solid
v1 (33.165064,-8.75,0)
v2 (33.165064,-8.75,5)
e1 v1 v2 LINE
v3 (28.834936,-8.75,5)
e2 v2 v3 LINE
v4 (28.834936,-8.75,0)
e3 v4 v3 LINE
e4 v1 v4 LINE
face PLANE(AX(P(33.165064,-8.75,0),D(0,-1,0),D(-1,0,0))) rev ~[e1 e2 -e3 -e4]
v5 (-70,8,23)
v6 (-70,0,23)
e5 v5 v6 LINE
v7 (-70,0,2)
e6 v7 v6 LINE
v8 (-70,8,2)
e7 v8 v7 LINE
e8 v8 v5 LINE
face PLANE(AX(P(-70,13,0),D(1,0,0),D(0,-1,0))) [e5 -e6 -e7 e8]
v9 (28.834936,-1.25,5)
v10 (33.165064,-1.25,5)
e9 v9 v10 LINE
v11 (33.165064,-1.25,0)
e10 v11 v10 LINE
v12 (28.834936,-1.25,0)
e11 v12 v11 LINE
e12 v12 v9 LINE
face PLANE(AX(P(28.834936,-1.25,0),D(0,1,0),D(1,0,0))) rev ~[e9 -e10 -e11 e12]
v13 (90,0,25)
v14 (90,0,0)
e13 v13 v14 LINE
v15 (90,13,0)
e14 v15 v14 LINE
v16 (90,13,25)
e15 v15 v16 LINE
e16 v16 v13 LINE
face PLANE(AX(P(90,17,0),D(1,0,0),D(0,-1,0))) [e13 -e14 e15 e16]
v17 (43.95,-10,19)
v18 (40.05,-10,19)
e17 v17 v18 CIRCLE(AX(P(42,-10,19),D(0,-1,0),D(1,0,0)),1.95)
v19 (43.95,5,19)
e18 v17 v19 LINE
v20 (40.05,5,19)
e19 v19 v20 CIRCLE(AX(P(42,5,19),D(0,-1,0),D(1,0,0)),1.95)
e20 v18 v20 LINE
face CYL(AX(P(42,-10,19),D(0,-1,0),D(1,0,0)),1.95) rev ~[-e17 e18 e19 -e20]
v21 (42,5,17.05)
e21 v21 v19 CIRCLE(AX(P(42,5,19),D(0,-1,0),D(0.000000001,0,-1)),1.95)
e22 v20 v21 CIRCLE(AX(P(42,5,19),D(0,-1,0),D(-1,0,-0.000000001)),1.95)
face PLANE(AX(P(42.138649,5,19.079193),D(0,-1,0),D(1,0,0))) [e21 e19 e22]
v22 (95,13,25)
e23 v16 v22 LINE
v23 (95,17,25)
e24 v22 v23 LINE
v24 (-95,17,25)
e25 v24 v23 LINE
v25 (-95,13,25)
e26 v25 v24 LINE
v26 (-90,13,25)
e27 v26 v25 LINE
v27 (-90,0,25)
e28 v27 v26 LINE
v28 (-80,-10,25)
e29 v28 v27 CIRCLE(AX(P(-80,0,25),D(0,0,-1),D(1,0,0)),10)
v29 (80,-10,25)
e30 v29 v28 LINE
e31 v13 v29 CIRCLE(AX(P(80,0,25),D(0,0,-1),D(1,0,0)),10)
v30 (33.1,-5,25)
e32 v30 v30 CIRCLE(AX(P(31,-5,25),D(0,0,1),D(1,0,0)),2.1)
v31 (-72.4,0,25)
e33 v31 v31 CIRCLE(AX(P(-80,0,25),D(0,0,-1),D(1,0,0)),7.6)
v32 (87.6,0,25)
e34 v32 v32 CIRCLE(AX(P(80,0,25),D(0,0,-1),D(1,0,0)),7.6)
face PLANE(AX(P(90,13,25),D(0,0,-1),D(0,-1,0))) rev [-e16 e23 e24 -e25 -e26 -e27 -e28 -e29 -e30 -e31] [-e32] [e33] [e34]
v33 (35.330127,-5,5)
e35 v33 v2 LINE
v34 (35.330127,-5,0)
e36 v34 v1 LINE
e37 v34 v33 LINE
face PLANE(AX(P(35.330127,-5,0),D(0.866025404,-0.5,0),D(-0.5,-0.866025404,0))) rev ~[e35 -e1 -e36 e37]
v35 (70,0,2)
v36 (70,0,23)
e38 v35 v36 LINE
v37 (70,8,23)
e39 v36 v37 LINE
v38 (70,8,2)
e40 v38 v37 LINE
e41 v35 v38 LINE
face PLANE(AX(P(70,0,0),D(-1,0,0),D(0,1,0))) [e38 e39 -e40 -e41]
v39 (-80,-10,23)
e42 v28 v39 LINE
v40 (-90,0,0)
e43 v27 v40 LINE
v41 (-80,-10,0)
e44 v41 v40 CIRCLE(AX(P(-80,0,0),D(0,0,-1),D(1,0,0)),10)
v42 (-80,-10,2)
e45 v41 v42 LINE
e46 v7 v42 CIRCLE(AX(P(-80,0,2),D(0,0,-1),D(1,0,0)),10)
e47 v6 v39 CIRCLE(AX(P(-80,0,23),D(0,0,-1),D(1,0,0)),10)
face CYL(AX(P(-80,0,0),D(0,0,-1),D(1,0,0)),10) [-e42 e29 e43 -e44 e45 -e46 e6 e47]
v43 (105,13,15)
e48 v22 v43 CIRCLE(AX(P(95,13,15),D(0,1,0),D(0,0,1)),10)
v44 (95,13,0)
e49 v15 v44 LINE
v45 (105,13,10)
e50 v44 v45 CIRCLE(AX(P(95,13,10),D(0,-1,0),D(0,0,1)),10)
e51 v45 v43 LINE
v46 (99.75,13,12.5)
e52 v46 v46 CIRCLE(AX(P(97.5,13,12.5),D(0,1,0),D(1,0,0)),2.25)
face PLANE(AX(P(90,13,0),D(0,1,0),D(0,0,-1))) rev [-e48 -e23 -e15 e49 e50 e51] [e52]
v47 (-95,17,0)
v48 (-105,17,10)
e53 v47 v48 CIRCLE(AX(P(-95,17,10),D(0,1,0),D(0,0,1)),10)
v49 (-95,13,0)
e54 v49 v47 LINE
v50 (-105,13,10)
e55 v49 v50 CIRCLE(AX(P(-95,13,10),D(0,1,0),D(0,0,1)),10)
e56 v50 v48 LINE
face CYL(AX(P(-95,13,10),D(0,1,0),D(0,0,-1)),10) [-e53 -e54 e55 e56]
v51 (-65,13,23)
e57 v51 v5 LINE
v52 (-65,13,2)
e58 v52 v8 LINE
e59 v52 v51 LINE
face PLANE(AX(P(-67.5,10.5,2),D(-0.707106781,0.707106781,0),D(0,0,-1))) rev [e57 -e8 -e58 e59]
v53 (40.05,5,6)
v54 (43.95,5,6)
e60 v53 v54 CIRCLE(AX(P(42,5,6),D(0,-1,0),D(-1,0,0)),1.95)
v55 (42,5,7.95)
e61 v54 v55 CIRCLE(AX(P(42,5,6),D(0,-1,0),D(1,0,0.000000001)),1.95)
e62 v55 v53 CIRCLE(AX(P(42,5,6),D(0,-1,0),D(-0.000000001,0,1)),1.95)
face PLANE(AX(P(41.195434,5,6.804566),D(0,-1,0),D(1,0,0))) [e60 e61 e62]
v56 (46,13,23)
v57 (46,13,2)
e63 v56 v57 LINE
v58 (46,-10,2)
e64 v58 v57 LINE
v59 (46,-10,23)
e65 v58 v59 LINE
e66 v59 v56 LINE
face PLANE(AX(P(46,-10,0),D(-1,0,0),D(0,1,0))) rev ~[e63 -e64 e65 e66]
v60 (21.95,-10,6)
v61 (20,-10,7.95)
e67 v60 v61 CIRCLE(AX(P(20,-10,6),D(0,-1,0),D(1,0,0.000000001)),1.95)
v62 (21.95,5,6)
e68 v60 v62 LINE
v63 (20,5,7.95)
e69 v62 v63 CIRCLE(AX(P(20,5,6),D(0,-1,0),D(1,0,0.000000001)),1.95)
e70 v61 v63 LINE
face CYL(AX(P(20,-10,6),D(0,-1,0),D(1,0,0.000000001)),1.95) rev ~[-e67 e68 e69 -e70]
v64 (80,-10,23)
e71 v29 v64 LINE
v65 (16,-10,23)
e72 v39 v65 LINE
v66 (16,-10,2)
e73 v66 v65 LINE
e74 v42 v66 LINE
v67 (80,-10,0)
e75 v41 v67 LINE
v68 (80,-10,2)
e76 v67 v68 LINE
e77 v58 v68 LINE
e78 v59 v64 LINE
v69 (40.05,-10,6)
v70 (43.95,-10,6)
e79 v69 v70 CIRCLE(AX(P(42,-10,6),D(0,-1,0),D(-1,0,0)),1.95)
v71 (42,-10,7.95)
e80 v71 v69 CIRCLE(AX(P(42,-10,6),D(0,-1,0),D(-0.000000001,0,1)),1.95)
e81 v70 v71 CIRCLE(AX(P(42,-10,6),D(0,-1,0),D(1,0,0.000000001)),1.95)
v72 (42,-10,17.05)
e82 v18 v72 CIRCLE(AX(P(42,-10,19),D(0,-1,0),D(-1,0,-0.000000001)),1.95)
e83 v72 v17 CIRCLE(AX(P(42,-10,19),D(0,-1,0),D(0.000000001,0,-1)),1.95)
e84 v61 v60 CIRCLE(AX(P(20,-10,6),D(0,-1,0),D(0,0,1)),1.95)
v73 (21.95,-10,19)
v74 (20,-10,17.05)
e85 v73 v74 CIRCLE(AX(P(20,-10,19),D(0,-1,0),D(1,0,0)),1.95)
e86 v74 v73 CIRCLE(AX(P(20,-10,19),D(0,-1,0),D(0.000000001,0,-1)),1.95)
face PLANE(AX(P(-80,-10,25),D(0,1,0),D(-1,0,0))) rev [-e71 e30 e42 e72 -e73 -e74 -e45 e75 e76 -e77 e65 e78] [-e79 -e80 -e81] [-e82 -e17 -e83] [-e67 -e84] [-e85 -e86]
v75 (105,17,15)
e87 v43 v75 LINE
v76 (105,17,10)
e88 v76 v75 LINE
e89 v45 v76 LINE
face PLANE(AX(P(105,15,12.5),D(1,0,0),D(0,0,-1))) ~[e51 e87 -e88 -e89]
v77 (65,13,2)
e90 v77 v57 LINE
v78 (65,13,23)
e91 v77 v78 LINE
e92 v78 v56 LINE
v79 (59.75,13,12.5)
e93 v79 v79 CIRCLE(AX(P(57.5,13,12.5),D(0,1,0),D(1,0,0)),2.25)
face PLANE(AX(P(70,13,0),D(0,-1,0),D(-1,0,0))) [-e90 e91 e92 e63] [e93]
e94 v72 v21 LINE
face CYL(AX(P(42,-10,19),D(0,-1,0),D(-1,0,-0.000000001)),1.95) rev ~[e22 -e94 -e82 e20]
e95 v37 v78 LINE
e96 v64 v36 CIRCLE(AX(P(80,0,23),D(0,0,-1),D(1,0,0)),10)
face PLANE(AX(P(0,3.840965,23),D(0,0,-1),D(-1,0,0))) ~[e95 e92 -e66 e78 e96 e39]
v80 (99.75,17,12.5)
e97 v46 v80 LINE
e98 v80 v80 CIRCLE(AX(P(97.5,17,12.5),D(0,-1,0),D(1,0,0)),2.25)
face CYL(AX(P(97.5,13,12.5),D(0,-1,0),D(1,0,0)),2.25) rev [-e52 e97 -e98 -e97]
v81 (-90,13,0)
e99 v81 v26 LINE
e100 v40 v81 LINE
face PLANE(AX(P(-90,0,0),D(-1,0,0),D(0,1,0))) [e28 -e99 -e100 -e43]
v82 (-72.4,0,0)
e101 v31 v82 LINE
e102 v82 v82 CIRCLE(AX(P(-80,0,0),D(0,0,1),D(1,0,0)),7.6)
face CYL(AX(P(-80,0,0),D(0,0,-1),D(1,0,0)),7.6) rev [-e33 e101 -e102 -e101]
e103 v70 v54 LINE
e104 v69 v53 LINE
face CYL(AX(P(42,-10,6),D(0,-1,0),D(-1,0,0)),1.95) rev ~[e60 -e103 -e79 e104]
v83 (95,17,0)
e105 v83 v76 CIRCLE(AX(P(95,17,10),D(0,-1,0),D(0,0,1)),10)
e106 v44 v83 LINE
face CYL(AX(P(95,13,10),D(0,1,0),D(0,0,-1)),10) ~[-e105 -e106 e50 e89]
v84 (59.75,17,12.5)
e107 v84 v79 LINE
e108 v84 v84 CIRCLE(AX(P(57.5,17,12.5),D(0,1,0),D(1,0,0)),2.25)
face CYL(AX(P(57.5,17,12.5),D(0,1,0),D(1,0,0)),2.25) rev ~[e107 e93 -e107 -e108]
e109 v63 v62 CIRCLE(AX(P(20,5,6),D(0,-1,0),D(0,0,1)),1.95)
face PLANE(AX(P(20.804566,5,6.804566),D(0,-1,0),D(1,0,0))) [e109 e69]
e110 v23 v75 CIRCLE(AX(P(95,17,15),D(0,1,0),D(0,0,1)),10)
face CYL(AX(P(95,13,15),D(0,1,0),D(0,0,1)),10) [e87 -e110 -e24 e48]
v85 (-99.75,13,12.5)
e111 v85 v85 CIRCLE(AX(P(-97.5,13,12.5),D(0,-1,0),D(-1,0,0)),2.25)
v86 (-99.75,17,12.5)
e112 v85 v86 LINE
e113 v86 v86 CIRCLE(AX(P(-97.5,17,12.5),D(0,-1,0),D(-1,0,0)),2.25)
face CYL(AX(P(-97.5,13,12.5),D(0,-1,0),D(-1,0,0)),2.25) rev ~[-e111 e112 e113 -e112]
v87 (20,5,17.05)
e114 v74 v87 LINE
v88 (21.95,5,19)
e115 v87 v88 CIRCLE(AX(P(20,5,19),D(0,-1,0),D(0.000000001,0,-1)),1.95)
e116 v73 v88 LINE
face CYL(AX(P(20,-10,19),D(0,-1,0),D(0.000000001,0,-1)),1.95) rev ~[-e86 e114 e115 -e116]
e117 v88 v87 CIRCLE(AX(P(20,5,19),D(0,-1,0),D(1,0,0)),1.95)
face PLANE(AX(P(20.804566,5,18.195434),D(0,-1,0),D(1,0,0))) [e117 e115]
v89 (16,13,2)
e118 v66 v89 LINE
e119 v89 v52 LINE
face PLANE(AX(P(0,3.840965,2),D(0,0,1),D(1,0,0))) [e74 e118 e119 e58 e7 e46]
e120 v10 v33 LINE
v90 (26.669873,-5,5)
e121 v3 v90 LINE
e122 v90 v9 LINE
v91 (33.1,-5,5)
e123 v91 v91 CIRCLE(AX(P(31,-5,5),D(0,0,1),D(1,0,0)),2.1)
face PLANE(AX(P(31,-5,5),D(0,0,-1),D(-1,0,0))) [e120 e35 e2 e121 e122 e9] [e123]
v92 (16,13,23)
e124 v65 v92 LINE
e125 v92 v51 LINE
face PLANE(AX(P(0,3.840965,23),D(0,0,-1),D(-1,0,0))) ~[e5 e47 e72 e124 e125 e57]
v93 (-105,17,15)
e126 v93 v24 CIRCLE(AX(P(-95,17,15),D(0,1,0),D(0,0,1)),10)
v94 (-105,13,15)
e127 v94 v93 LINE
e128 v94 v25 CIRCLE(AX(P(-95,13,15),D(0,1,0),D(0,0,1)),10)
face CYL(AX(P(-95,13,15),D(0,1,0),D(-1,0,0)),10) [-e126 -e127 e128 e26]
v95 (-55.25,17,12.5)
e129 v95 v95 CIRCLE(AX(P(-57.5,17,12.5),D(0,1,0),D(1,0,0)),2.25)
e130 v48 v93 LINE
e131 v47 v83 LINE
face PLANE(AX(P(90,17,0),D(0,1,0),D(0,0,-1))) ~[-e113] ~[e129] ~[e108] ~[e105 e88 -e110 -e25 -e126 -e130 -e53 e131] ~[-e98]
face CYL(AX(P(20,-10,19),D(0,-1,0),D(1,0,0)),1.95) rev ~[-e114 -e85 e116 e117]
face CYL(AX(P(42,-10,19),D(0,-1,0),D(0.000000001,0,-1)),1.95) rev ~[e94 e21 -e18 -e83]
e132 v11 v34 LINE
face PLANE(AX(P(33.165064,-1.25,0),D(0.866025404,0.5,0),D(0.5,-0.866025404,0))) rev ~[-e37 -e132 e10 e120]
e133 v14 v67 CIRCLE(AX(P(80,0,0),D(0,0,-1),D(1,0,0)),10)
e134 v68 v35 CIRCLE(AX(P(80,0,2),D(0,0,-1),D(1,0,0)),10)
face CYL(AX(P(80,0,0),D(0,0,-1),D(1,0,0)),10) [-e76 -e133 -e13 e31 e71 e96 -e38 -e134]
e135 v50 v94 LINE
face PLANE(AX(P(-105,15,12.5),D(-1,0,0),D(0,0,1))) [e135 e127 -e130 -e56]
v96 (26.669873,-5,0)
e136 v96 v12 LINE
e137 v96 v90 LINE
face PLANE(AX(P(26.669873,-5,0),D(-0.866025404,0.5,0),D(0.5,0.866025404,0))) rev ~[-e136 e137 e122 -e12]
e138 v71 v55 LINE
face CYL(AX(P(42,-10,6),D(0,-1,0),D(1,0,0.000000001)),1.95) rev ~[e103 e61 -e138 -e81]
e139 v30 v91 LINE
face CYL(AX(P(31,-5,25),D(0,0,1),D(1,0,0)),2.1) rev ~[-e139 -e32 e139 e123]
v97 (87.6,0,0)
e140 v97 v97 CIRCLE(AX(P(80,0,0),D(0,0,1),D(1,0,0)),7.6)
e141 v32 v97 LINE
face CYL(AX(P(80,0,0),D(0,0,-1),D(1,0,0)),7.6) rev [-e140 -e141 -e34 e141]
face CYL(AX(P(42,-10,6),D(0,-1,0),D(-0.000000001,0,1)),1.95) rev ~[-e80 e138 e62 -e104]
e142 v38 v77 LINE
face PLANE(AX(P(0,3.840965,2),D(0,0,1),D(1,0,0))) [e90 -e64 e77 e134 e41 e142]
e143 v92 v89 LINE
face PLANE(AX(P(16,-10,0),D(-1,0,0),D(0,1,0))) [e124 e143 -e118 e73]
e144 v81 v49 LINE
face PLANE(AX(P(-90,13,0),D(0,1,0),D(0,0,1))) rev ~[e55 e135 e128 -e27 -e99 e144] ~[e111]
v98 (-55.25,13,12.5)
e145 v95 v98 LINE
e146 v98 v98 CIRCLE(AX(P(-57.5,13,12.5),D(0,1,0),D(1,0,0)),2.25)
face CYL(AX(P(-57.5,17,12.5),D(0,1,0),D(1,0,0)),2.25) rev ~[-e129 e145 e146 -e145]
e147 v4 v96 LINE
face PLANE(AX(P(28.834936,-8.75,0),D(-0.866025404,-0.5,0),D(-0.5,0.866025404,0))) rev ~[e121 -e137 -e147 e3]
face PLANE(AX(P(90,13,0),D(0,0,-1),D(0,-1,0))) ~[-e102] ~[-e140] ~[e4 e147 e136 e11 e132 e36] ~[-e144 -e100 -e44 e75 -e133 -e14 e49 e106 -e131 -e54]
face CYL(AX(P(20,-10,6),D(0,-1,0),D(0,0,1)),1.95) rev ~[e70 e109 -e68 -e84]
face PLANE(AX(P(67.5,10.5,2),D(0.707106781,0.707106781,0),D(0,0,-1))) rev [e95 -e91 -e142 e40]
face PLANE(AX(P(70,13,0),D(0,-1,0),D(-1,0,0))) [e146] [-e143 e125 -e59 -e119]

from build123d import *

# Parameters (mm, degrees)
SKETCH1_R            = 7.6
BOSS_EXTRUDE1_DEPTH  = 25
SKETCH2_W            = 30
SKETCH2_H            = 27
BOSS_EXTRUDE2_DEPTH  = 25
SKETCH3_R            = 7.6
BOSS_EXTRUDE3_DEPTH  = 2
CHAMFER1_SIZE        = 5
SKETCH5_W            = 25
SKETCH5_H            = 4
BOSS_EXTRUDE4_DEPTH  = 15
SKETCH6_R            = 2.25
CUT_EXTRUDE2_DEPTH   = 15
FILLET1_R            = 10
FILLET1_OF_MIRROR2_R = 10
SKETCH7_R            = 2.25
CUT_EXTRUDE3_DEPTH   = 15
CUT_EXTRUDE4_DEPTH   = 15
SKETCH9_R            = 2.1
CUT_EXTRUDE5_DEPTH   = 28.468092804
CUT_EXTRUDE6_DEPTH   = 5


with BuildPart() as part:
    # Sketch1 → Boss-Extrude1 (new body)
    with BuildSketch(Plane.XY):
        with BuildLine():
            Line((-90, 0), (-90, 17))
            Line((-90, 17), (90, 17))
            Line((90, 17), (90, 0))
            ThreePointArc((90, 0), (80, -10), (70, 0))
            Line((70, 0), (70, 13))
            Line((70, 13), (-70, 13))
            Line((-70, 13), (-70, 0))
            ThreePointArc((-70, 0), (-80, -10), (-90, 0))
        make_face()
        with Locations((-80, 0)):
            Circle(SKETCH1_R, mode=Mode.SUBTRACT)
        with Locations((80, 0)):
            Circle(SKETCH1_R, mode=Mode.SUBTRACT)
    extrude(amount=BOSS_EXTRUDE1_DEPTH)

    # Sketch2 → Boss-Extrude2 (add)
    with BuildSketch(Plane(origin=(0, 0, 0), x_dir=(-1, 0, 0), z_dir=(0, 0, -1))):
        with Locations((-31, 3.5)):
            Rectangle(SKETCH2_W, SKETCH2_H)
    extrude(amount=-BOSS_EXTRUDE2_DEPTH)

    # Sketch3 → Boss-Extrude3 (add)
    with BuildSketch(Plane(origin=(0, 0, 0), x_dir=(-1, 0, 0), z_dir=(0, 0, -1))):
        with BuildLine():
            Line((80, -10), (-12, -10))
            Line((-12, -10), (-42, -10))
            Line((-42, -10), (-80, -10))
            ThreePointArc((-80, -10), (-87.071067812, -7.071067812), (-90, 0))
            Line((-90, 0), (-90, 17))
            Line((-90, 17), (90, 17))
            Line((90, 17), (90, 0))
            ThreePointArc((90, 0), (87.071067812, -7.071067812), (80, -10))
        make_face()
        with Locations((80, 0)):
            Circle(SKETCH3_R, mode=Mode.SUBTRACT)
        with Locations((-80, 0)):
            Circle(SKETCH3_R, mode=Mode.SUBTRACT)
    boss_extrude3 = extrude(amount=-BOSS_EXTRUDE3_DEPTH)

    # Mirror1: Boss-Extrude3 across plane
    add(boss_extrude3.mirror(Plane.XY.offset(12.5)))

    # Chamfer1
    chamfer1_edges = [part.edges().sort_by_distance(p)[0] for p in [
        (70, 13, 12.5),
        (-70, 13, 12.5),
    ]]
    chamfer(chamfer1_edges, length=CHAMFER1_SIZE)

    # Sketch5 → Boss-Extrude4 (add)
    with BuildSketch(Plane.ZY.offset(90)):
        with Locations((12.5, 15)):
            Rectangle(SKETCH5_W, SKETCH5_H)
    boss_extrude4 = extrude(amount=BOSS_EXTRUDE4_DEPTH)

    # Sketch6 → Cut-Extrude2 (cut)
    with BuildSketch(Plane(origin=(0, 13, 0), x_dir=(-1, 0, 0), z_dir=(0, -1, 0))):
        with Locations((97.5, -12.5)):
            Circle(SKETCH6_R)
    cut_extrude2 = extrude(amount=-CUT_EXTRUDE2_DEPTH, mode=Mode.SUBTRACT)

    # Fillet1
    fillet1_edges = [part.edges().sort_by_distance(p)[0] for p in [
        (-105, 15, 0),
        (-105, 15, 25),
    ]]
    fillet(fillet1_edges, radius=FILLET1_R)

    # Mirror2: Boss-Extrude4 across plane
    add(boss_extrude4.mirror(Plane(origin=(0, 0, 0), x_dir=(0, 0, 1), z_dir=(1, 0, 0))))

    # Fillet1 of Mirror2
    fillet1_of_mirror2_edges = [part.edges().sort_by_distance(p)[0] for p in [
        (105, 15, 0),
        (105, 15, 25),
    ]]
    fillet(fillet1_of_mirror2_edges, radius=FILLET1_OF_MIRROR2_R)

    # Mirror4: Cut-Extrude2 across plane
    add(cut_extrude2.mirror(Plane(origin=(0, 0, 0), x_dir=(0, 0, 1), z_dir=(1, 0, 0))), mode=Mode.SUBTRACT)

    # Sketch7 → Cut-Extrude3 (cut)
    with BuildSketch(Plane(origin=(0, 17, 0), x_dir=(1, 0, 0), z_dir=(0, 1, 0))):
        with Locations((-57.5, -12.5)):
            Circle(SKETCH7_R)
        with Locations((57.5, -12.5)):
            Circle(SKETCH7_R)
    extrude(amount=-CUT_EXTRUDE3_DEPTH, mode=Mode.SUBTRACT)

    # Sketch8 → Cut-Extrude4 (cut)
    with BuildSketch(Plane.XZ.offset(10)):
        with BuildLine():
            Line((21.95, 19), (20, 19))
            Line((20, 19), (20, 17.05))
            ThreePointArc((20, 17.05), (21.378858223, 17.621141777), (21.95, 19))
        make_face()
        with BuildLine():
            Line((20, 17.05), (20, 19))
            Line((20, 19), (21.95, 19))
            ThreePointArc((21.95, 19), (18.621141777, 20.378858223), (20, 17.05))
        make_face()
        with BuildLine():
            ThreePointArc((43.95, 19), (42, 20.95), (40.05, 19))
            Line((40.05, 19), (42, 19))
            Line((42, 19), (42, 17.05))
            ThreePointArc((42, 17.05), (43.378858223, 17.621141777), (43.95, 19))
        make_face()
        with BuildLine():
            Line((42, 19), (40.05, 19))
            ThreePointArc((40.05, 19), (40.621141777, 17.621141777), (42, 17.05))
            Line((42, 17.05), (42, 19))
        make_face()
        with BuildLine():
            ThreePointArc((42, 7.95), (40.621141777, 7.378858223), (40.05, 6))
            Line((40.05, 6), (42, 6))
            Line((42, 6), (42, 7.95))
        make_face()
        with BuildLine():
            Line((42, 6), (40.05, 6))
            ThreePointArc((40.05, 6), (42, 4.05), (43.95, 6))
            ThreePointArc((43.95, 6), (43.378858223, 7.378858223), (42, 7.95))
            Line((42, 7.95), (42, 6))
        make_face()
        with BuildLine():
            ThreePointArc((21.95, 6), (21.378858223, 7.378858223), (20, 7.95))
            Line((20, 7.95), (20, 6))
            Line((20, 6), (21.95, 6))
        make_face()
        with BuildLine():
            Line((20, 6), (20, 7.95))
            ThreePointArc((20, 7.95), (18.621141777, 4.621141777), (21.95, 6))
            Line((21.95, 6), (20, 6))
        make_face()
    extrude(amount=-CUT_EXTRUDE4_DEPTH, mode=Mode.SUBTRACT)

    # Sketch9 → Cut-Extrude5 (cut)
    with BuildSketch(Plane.XY.offset(25)):
        with Locations((31, -5)):
            Circle(SKETCH9_R)
    extrude(amount=-CUT_EXTRUDE5_DEPTH, mode=Mode.SUBTRACT)

    # Sketch10 → Cut-Extrude6 (cut)
    with BuildSketch(Plane(origin=(0, 0, 0), x_dir=(-1, 0, 0), z_dir=(0, 0, -1))):
        Polygon((-26.669872981, -5), (-28.834936491, -1.25), (-33.165063509, -1.25), (-35.330127019, -5), (-33.165063509, -8.75), (-28.834936491, -8.75), align=None)
    extrude(amount=-CUT_EXTRUDE6_DEPTH, mode=Mode.SUBTRACT)


solid = part.part
